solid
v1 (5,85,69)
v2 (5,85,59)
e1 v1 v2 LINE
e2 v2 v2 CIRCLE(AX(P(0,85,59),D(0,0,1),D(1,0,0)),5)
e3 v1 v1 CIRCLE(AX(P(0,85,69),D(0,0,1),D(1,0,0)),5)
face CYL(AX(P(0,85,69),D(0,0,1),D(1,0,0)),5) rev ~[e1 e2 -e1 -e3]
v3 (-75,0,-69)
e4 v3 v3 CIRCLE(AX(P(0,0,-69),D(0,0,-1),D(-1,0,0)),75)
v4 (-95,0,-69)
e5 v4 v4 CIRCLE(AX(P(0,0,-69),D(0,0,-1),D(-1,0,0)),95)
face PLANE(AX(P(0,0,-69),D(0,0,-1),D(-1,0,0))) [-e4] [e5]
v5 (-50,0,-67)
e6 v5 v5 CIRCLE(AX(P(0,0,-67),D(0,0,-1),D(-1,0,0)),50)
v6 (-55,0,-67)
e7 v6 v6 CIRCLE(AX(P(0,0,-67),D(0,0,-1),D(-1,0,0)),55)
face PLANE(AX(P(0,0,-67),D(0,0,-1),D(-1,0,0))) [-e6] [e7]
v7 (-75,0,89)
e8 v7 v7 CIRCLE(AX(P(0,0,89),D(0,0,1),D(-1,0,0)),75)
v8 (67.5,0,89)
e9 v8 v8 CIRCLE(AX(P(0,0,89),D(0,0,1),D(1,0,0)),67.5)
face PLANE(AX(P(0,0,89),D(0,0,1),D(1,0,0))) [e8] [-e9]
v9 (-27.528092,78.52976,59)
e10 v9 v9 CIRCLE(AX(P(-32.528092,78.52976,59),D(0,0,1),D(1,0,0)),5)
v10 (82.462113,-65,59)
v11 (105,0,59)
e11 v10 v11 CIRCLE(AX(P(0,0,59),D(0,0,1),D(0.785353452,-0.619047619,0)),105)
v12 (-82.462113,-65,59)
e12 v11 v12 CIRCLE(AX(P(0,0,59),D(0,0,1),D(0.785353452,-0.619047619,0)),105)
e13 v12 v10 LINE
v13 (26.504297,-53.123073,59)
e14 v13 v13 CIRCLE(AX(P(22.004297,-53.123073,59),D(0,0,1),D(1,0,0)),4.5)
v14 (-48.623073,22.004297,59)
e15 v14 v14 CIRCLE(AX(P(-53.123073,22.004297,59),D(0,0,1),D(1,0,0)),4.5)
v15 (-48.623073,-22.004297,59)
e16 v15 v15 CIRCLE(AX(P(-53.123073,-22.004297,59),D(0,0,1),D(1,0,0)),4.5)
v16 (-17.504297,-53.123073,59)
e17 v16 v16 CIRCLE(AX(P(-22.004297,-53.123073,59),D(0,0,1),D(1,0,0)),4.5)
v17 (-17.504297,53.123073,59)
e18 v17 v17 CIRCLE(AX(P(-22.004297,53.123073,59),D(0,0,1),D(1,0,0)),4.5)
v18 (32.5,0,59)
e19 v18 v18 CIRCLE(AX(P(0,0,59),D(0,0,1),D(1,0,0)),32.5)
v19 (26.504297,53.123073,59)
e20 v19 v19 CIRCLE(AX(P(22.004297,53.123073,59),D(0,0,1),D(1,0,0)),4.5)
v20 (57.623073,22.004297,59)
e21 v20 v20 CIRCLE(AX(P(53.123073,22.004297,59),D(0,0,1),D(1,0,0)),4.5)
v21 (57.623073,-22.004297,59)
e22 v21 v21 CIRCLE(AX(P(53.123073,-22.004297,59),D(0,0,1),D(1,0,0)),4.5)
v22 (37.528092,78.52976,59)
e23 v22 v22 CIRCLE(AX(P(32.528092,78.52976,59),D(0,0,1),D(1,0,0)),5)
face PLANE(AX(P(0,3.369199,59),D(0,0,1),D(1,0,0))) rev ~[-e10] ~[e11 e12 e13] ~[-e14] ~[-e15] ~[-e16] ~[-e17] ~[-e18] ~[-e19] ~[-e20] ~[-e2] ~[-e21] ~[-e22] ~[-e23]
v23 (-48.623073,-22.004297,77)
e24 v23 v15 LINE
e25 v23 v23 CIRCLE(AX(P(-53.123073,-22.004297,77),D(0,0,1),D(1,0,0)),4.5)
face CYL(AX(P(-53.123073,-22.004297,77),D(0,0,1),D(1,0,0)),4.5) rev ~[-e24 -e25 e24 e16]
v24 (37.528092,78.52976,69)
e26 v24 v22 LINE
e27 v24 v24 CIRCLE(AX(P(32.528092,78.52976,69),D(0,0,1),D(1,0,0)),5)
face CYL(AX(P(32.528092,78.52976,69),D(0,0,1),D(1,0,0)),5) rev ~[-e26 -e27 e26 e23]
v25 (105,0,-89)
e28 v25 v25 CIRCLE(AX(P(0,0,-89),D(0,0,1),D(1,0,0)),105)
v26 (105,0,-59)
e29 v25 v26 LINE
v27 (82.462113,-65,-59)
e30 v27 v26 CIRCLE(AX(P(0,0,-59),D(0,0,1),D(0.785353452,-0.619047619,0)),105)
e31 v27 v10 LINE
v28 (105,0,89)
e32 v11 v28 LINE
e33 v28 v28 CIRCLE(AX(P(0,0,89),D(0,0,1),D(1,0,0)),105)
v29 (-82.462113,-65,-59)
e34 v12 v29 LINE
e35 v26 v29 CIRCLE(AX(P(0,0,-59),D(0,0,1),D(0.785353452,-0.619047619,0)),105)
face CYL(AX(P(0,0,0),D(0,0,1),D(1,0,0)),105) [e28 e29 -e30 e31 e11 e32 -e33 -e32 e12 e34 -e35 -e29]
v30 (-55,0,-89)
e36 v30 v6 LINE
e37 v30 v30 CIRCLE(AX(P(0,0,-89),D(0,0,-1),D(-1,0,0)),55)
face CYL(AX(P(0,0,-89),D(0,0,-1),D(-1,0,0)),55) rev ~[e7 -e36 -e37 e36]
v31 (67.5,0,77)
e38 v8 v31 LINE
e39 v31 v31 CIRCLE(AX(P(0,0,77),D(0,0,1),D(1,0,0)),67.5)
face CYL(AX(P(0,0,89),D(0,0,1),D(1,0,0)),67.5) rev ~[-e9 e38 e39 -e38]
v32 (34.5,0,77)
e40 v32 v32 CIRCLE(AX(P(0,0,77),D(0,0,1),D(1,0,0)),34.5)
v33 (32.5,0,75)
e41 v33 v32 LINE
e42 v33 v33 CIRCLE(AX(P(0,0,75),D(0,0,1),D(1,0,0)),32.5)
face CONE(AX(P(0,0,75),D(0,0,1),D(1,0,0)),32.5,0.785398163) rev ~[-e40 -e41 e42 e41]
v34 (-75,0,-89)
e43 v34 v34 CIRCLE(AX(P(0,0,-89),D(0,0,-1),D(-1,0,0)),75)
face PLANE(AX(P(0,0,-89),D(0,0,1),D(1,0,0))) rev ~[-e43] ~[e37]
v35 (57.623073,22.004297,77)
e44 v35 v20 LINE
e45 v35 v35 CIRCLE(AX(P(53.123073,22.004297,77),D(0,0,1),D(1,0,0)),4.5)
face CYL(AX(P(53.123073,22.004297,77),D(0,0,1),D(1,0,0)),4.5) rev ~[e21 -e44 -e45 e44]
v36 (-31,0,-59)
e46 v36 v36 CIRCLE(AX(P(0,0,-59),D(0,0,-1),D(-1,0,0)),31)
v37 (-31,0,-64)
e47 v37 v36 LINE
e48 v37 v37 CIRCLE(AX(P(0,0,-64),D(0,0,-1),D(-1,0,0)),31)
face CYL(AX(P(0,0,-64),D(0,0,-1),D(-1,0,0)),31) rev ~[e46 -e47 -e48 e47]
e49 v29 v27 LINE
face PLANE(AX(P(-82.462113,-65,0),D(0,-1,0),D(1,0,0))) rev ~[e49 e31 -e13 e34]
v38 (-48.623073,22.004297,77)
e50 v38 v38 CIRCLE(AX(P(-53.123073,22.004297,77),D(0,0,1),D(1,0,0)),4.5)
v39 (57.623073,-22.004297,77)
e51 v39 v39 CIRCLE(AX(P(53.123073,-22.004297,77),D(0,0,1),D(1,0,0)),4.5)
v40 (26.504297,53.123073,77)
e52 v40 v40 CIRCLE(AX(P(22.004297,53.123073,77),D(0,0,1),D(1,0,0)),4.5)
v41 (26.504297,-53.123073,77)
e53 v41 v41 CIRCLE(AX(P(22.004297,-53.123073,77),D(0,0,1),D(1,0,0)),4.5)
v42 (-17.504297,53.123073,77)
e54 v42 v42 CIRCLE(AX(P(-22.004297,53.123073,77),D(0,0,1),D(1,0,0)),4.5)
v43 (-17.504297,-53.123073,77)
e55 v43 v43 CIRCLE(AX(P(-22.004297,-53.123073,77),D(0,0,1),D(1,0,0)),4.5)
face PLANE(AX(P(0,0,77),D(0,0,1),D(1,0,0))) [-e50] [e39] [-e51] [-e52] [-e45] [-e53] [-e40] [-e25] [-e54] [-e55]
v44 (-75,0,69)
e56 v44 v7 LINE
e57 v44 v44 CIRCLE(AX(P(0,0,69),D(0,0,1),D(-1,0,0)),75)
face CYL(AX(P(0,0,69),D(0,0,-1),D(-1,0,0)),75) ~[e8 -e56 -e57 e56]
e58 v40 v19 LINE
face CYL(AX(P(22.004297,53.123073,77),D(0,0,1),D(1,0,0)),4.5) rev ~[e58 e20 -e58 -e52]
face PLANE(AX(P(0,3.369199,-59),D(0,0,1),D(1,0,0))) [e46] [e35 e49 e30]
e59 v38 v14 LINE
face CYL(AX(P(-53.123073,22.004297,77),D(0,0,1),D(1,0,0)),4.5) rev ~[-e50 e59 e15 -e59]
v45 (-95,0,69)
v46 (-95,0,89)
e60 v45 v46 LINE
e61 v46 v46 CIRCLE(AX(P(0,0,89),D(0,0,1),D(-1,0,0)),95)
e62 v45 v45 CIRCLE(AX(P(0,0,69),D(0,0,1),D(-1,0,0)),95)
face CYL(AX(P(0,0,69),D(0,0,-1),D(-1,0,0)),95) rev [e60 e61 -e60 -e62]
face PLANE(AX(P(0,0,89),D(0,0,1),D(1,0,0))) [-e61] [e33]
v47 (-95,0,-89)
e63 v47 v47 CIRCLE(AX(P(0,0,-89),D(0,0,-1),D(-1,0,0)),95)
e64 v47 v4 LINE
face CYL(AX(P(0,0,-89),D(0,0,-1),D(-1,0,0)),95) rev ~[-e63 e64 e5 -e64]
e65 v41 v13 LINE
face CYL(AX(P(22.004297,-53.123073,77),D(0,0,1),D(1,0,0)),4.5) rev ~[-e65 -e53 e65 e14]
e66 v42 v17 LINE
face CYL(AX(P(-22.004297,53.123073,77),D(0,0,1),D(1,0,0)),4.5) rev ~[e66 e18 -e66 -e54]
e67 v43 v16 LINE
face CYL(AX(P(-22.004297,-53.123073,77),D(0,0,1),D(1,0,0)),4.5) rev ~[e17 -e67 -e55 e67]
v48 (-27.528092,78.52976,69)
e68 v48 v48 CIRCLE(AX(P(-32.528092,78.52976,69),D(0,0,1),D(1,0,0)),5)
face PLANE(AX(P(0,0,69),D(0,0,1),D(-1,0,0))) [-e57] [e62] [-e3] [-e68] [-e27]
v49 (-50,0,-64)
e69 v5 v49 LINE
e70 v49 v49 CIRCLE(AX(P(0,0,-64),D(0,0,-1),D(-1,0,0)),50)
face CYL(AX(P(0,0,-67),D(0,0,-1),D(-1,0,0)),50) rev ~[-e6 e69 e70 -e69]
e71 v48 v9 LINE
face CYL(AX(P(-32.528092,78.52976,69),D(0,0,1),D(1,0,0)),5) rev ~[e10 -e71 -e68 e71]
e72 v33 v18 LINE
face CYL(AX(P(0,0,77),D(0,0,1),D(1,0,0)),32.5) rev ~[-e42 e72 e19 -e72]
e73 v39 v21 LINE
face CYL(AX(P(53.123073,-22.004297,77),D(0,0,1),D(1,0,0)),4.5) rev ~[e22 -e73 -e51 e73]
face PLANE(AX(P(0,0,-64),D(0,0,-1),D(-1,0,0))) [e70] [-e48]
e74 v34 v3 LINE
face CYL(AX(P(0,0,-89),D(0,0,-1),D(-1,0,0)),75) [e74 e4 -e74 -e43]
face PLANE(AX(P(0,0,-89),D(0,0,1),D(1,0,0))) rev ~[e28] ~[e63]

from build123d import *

# Parameters (mm, degrees)
SKETCH_1_R           = 105
EXTRUDE_1_DEPTH      = 89
CUT_EXTRUDE_1_DEPTH  = 59
SKETCH_4_R           = 95
SKETCH_4_R_2         = 75
CUT_EXTRUDE_2_DEPTH  = 20
SKETCH_5_R           = 55
CUT_EXTRUDE_3_DEPTH  = 22
SKETCH_6_R           = 50
CUT_EXTRUDE_4_DEPTH  = 3
CUT_EXTRUDE_5_REACH  = 215.211
SKETCH_7_R           = 31
CUT_EXTRUDE_START    = -20
SKETCH_8_R           = 95
SKETCH_8_R_2         = 75
CUT_EXTRUDE_6_DEPTH  = 20
SKETCH_9_R           = 67.5
CUT_EXTRUDE_7_DEPTH  = 12
CUT_EXTRUDE_8_REACH  = 224.724
SKETCH_10_R          = 32.5
CHAMFER_1_SIZE       = 2
CUT_EXTRUDE_9_REACH  = 218.827
SKETCH_11_R          = 5
CUT_EXTRUDE_10_REACH = 224.724
SKETCH_12_R          = 4.5


with BuildPart() as part:
    # 草图1 → 凸台-拉伸1 (new, symmetric)
    with BuildSketch(Plane.XY):
        Circle(SKETCH_1_R)
    extrude(amount=EXTRUDE_1_DEPTH, both=True)

    # 草图3 → 切除-拉伸1 (cut, symmetric)
    with BuildSketch(Plane.XY):
        with BuildLine():
            Line((-82.462112512, -65), (82.462112512, -65))
            ThreePointArc((82.462112512, -65), (0, 105), (-82.462112512, -65))
        make_face()
    extrude(amount=CUT_EXTRUDE_1_DEPTH, both=True, mode=Mode.SUBTRACT)

    # 草图4 → 切除-拉伸2 (cut)
    with BuildSketch(Plane(origin=(0, 0, -89), x_dir=(-1, 0, 0), z_dir=(0, 0, -1))):
        Circle(SKETCH_4_R)
        Circle(SKETCH_4_R_2, mode=Mode.SUBTRACT)
    extrude(amount=-CUT_EXTRUDE_2_DEPTH, mode=Mode.SUBTRACT)

    # 草图5 → 切除-拉伸3 (cut)
    with BuildSketch(Plane(origin=(0, 0, -89), x_dir=(-1, 0, 0), z_dir=(0, 0, -1))):
        Circle(SKETCH_5_R)
    extrude(amount=-CUT_EXTRUDE_3_DEPTH, mode=Mode.SUBTRACT)

    # 草图6 → 切除-拉伸4 (cut)
    with BuildSketch(Plane(origin=(0, 0, -67), x_dir=(-1, 0, 0), z_dir=(0, 0, -1))):
        Circle(SKETCH_6_R)
    extrude(amount=-CUT_EXTRUDE_4_DEPTH, mode=Mode.SUBTRACT)

    # 草图7 → 切除-拉伸5 (cut, up to next)
    with BuildSketch(Plane(origin=(0, 0, -64), x_dir=(-1, 0, 0), z_dir=(0, 0, -1)), mode=Mode.PRIVATE) as cut_extrude_5_sk1:
        Circle(SKETCH_7_R)
    cut_extrude_5_tool1 = extrude(cut_extrude_5_sk1.sketch, amount=-CUT_EXTRUDE_5_REACH, mode=Mode.PRIVATE) & part.part
    add(cut_extrude_5_tool1.solids().sort_by_distance((0, 0, -64))[0], mode=Mode.SUBTRACT)

    # 草图8 → 切除-拉伸6 (cut)
    with BuildSketch(Plane.XY.offset(89).offset(CUT_EXTRUDE_START)):
        with Locations(Location((0, 0, 0), (0, 0, 180))):
            Circle(SKETCH_8_R)
        with Locations(Location((0, 0, 0), (0, 0, 180))):
            Circle(SKETCH_8_R_2, mode=Mode.SUBTRACT)
    extrude(amount=CUT_EXTRUDE_6_DEPTH, mode=Mode.SUBTRACT)

    # 草图9 → 切除-拉伸7 (cut)
    with BuildSketch(Plane.XY.offset(89)):
        Circle(SKETCH_9_R)
    extrude(amount=-CUT_EXTRUDE_7_DEPTH, mode=Mode.SUBTRACT)

    # 草图10 → 切除-拉伸8 (cut, up to next)
    with BuildSketch(Plane.XY.offset(77), mode=Mode.PRIVATE) as cut_extrude_8_sk1:
        Circle(SKETCH_10_R)
    cut_extrude_8_tool1 = extrude(cut_extrude_8_sk1.sketch, amount=-CUT_EXTRUDE_8_REACH, mode=Mode.PRIVATE) & part.part
    add(cut_extrude_8_tool1.solids().sort_by_distance((0, 0, 77))[0], mode=Mode.SUBTRACT)

    # 倒角1
    chamfer_1_edges = [part.edges().sort_by_distance(p)[0] for p in [
        (-32.5, 0, 77),
    ]]
    chamfer(chamfer_1_edges, length=CHAMFER_1_SIZE)

    # 草图11 → 切除-拉伸9 (cut, up to next)
    with BuildSketch(Plane.XY.offset(69), mode=Mode.PRIVATE) as cut_extrude_9_sk1:
        with Locations((0, 85)):
            Circle(SKETCH_11_R)
    cut_extrude_9_tool1 = extrude(cut_extrude_9_sk1.sketch, amount=-CUT_EXTRUDE_9_REACH, mode=Mode.PRIVATE) & part.part
    # 草图11 → 切除-拉伸9 (cut, up to next)
    with BuildSketch(Plane.XY.offset(69), mode=Mode.PRIVATE) as cut_extrude_9_sk2:
        with Locations((32.528091751, 78.529760263)):
            Circle(SKETCH_11_R)
    cut_extrude_9_tool2 = extrude(cut_extrude_9_sk2.sketch, amount=-CUT_EXTRUDE_9_REACH, mode=Mode.PRIVATE) & part.part
    # 草图11 → 切除-拉伸9 (cut, up to next)
    with BuildSketch(Plane.XY.offset(69), mode=Mode.PRIVATE) as cut_extrude_9_sk3:
        with Locations((-32.528091751, 78.529760263)):
            Circle(SKETCH_11_R)
    cut_extrude_9_tool3 = extrude(cut_extrude_9_sk3.sketch, amount=-CUT_EXTRUDE_9_REACH, mode=Mode.PRIVATE) & part.part
    add(cut_extrude_9_tool1.solids().sort_by_distance((0, 85, 69))[0], mode=Mode.SUBTRACT)
    add(cut_extrude_9_tool2.solids().sort_by_distance((32.528092, 78.52976, 69))[0], mode=Mode.SUBTRACT)
    add(cut_extrude_9_tool3.solids().sort_by_distance((-32.528092, 78.52976, 69))[0], mode=Mode.SUBTRACT)

    # 草图12 → 切除-拉伸10 (cut, up to next)
    with BuildSketch(Plane.XY.offset(77), mode=Mode.PRIVATE) as cut_extrude_10_sk1:
        with Locations((22.004297361, 53.123073119)):
            Circle(SKETCH_12_R)
    cut_extrude_10_tool1 = extrude(cut_extrude_10_sk1.sketch, amount=-CUT_EXTRUDE_10_REACH, mode=Mode.PRIVATE) & part.part
    # 草图12 → 切除-拉伸10 (cut, up to next)
    with BuildSketch(Plane.XY.offset(77), mode=Mode.PRIVATE) as cut_extrude_10_sk2:
        with Locations((53.123073119, 22.004297361)):
            Circle(SKETCH_12_R)
    cut_extrude_10_tool2 = extrude(cut_extrude_10_sk2.sketch, amount=-CUT_EXTRUDE_10_REACH, mode=Mode.PRIVATE) & part.part
    # 草图12 → 切除-拉伸10 (cut, up to next)
    with BuildSketch(Plane.XY.offset(77), mode=Mode.PRIVATE) as cut_extrude_10_sk3:
        with Locations((53.123073119, -22.004297361)):
            Circle(SKETCH_12_R)
    cut_extrude_10_tool3 = extrude(cut_extrude_10_sk3.sketch, amount=-CUT_EXTRUDE_10_REACH, mode=Mode.PRIVATE) & part.part
    # 草图12 → 切除-拉伸10 (cut, up to next)
    with BuildSketch(Plane.XY.offset(77), mode=Mode.PRIVATE) as cut_extrude_10_sk4:
        with Locations((22.004297361, -53.123073119)):
            Circle(SKETCH_12_R)
    cut_extrude_10_tool4 = extrude(cut_extrude_10_sk4.sketch, amount=-CUT_EXTRUDE_10_REACH, mode=Mode.PRIVATE) & part.part
    # 草图12 → 切除-拉伸10 (cut, up to next)
    with BuildSketch(Plane.XY.offset(77), mode=Mode.PRIVATE) as cut_extrude_10_sk5:
        with Locations((-22.004297361, -53.123073119)):
            Circle(SKETCH_12_R)
    cut_extrude_10_tool5 = extrude(cut_extrude_10_sk5.sketch, amount=-CUT_EXTRUDE_10_REACH, mode=Mode.PRIVATE) & part.part
    # 草图12 → 切除-拉伸10 (cut, up to next)
    with BuildSketch(Plane.XY.offset(77), mode=Mode.PRIVATE) as cut_extrude_10_sk6:
        with Locations((-53.123073119, -22.004297361)):
            Circle(SKETCH_12_R)
    cut_extrude_10_tool6 = extrude(cut_extrude_10_sk6.sketch, amount=-CUT_EXTRUDE_10_REACH, mode=Mode.PRIVATE) & part.part
    # 草图12 → 切除-拉伸10 (cut, up to next)
    with BuildSketch(Plane.XY.offset(77), mode=Mode.PRIVATE) as cut_extrude_10_sk7:
        with Locations((-53.123073119, 22.004297361)):
            Circle(SKETCH_12_R)
    cut_extrude_10_tool7 = extrude(cut_extrude_10_sk7.sketch, amount=-CUT_EXTRUDE_10_REACH, mode=Mode.PRIVATE) & part.part
    # 草图12 → 切除-拉伸10 (cut, up to next)
    with BuildSketch(Plane.XY.offset(77), mode=Mode.PRIVATE) as cut_extrude_10_sk8:
        with Locations((-22.004297361, 53.123073119)):
            Circle(SKETCH_12_R)
    cut_extrude_10_tool8 = extrude(cut_extrude_10_sk8.sketch, amount=-CUT_EXTRUDE_10_REACH, mode=Mode.PRIVATE) & part.part
    add(cut_extrude_10_tool1.solids().sort_by_distance((22.004297, 53.123073, 77))[0], mode=Mode.SUBTRACT)
    add(cut_extrude_10_tool2.solids().sort_by_distance((53.123073, 22.004297, 77))[0], mode=Mode.SUBTRACT)
    add(cut_extrude_10_tool3.solids().sort_by_distance((53.123073, -22.004297, 77))[0], mode=Mode.SUBTRACT)
    add(cut_extrude_10_tool4.solids().sort_by_distance((22.004297, -53.123073, 77))[0], mode=Mode.SUBTRACT)
    add(cut_extrude_10_tool5.solids().sort_by_distance((-22.004297, -53.123073, 77))[0], mode=Mode.SUBTRACT)
    add(cut_extrude_10_tool6.solids().sort_by_distance((-53.123073, -22.004297, 77))[0], mode=Mode.SUBTRACT)
    add(cut_extrude_10_tool7.solids().sort_by_distance((-53.123073, 22.004297, 77))[0], mode=Mode.SUBTRACT)
    add(cut_extrude_10_tool8.solids().sort_by_distance((-22.004297, 53.123073, 77))[0], mode=Mode.SUBTRACT)


solid = part.part
